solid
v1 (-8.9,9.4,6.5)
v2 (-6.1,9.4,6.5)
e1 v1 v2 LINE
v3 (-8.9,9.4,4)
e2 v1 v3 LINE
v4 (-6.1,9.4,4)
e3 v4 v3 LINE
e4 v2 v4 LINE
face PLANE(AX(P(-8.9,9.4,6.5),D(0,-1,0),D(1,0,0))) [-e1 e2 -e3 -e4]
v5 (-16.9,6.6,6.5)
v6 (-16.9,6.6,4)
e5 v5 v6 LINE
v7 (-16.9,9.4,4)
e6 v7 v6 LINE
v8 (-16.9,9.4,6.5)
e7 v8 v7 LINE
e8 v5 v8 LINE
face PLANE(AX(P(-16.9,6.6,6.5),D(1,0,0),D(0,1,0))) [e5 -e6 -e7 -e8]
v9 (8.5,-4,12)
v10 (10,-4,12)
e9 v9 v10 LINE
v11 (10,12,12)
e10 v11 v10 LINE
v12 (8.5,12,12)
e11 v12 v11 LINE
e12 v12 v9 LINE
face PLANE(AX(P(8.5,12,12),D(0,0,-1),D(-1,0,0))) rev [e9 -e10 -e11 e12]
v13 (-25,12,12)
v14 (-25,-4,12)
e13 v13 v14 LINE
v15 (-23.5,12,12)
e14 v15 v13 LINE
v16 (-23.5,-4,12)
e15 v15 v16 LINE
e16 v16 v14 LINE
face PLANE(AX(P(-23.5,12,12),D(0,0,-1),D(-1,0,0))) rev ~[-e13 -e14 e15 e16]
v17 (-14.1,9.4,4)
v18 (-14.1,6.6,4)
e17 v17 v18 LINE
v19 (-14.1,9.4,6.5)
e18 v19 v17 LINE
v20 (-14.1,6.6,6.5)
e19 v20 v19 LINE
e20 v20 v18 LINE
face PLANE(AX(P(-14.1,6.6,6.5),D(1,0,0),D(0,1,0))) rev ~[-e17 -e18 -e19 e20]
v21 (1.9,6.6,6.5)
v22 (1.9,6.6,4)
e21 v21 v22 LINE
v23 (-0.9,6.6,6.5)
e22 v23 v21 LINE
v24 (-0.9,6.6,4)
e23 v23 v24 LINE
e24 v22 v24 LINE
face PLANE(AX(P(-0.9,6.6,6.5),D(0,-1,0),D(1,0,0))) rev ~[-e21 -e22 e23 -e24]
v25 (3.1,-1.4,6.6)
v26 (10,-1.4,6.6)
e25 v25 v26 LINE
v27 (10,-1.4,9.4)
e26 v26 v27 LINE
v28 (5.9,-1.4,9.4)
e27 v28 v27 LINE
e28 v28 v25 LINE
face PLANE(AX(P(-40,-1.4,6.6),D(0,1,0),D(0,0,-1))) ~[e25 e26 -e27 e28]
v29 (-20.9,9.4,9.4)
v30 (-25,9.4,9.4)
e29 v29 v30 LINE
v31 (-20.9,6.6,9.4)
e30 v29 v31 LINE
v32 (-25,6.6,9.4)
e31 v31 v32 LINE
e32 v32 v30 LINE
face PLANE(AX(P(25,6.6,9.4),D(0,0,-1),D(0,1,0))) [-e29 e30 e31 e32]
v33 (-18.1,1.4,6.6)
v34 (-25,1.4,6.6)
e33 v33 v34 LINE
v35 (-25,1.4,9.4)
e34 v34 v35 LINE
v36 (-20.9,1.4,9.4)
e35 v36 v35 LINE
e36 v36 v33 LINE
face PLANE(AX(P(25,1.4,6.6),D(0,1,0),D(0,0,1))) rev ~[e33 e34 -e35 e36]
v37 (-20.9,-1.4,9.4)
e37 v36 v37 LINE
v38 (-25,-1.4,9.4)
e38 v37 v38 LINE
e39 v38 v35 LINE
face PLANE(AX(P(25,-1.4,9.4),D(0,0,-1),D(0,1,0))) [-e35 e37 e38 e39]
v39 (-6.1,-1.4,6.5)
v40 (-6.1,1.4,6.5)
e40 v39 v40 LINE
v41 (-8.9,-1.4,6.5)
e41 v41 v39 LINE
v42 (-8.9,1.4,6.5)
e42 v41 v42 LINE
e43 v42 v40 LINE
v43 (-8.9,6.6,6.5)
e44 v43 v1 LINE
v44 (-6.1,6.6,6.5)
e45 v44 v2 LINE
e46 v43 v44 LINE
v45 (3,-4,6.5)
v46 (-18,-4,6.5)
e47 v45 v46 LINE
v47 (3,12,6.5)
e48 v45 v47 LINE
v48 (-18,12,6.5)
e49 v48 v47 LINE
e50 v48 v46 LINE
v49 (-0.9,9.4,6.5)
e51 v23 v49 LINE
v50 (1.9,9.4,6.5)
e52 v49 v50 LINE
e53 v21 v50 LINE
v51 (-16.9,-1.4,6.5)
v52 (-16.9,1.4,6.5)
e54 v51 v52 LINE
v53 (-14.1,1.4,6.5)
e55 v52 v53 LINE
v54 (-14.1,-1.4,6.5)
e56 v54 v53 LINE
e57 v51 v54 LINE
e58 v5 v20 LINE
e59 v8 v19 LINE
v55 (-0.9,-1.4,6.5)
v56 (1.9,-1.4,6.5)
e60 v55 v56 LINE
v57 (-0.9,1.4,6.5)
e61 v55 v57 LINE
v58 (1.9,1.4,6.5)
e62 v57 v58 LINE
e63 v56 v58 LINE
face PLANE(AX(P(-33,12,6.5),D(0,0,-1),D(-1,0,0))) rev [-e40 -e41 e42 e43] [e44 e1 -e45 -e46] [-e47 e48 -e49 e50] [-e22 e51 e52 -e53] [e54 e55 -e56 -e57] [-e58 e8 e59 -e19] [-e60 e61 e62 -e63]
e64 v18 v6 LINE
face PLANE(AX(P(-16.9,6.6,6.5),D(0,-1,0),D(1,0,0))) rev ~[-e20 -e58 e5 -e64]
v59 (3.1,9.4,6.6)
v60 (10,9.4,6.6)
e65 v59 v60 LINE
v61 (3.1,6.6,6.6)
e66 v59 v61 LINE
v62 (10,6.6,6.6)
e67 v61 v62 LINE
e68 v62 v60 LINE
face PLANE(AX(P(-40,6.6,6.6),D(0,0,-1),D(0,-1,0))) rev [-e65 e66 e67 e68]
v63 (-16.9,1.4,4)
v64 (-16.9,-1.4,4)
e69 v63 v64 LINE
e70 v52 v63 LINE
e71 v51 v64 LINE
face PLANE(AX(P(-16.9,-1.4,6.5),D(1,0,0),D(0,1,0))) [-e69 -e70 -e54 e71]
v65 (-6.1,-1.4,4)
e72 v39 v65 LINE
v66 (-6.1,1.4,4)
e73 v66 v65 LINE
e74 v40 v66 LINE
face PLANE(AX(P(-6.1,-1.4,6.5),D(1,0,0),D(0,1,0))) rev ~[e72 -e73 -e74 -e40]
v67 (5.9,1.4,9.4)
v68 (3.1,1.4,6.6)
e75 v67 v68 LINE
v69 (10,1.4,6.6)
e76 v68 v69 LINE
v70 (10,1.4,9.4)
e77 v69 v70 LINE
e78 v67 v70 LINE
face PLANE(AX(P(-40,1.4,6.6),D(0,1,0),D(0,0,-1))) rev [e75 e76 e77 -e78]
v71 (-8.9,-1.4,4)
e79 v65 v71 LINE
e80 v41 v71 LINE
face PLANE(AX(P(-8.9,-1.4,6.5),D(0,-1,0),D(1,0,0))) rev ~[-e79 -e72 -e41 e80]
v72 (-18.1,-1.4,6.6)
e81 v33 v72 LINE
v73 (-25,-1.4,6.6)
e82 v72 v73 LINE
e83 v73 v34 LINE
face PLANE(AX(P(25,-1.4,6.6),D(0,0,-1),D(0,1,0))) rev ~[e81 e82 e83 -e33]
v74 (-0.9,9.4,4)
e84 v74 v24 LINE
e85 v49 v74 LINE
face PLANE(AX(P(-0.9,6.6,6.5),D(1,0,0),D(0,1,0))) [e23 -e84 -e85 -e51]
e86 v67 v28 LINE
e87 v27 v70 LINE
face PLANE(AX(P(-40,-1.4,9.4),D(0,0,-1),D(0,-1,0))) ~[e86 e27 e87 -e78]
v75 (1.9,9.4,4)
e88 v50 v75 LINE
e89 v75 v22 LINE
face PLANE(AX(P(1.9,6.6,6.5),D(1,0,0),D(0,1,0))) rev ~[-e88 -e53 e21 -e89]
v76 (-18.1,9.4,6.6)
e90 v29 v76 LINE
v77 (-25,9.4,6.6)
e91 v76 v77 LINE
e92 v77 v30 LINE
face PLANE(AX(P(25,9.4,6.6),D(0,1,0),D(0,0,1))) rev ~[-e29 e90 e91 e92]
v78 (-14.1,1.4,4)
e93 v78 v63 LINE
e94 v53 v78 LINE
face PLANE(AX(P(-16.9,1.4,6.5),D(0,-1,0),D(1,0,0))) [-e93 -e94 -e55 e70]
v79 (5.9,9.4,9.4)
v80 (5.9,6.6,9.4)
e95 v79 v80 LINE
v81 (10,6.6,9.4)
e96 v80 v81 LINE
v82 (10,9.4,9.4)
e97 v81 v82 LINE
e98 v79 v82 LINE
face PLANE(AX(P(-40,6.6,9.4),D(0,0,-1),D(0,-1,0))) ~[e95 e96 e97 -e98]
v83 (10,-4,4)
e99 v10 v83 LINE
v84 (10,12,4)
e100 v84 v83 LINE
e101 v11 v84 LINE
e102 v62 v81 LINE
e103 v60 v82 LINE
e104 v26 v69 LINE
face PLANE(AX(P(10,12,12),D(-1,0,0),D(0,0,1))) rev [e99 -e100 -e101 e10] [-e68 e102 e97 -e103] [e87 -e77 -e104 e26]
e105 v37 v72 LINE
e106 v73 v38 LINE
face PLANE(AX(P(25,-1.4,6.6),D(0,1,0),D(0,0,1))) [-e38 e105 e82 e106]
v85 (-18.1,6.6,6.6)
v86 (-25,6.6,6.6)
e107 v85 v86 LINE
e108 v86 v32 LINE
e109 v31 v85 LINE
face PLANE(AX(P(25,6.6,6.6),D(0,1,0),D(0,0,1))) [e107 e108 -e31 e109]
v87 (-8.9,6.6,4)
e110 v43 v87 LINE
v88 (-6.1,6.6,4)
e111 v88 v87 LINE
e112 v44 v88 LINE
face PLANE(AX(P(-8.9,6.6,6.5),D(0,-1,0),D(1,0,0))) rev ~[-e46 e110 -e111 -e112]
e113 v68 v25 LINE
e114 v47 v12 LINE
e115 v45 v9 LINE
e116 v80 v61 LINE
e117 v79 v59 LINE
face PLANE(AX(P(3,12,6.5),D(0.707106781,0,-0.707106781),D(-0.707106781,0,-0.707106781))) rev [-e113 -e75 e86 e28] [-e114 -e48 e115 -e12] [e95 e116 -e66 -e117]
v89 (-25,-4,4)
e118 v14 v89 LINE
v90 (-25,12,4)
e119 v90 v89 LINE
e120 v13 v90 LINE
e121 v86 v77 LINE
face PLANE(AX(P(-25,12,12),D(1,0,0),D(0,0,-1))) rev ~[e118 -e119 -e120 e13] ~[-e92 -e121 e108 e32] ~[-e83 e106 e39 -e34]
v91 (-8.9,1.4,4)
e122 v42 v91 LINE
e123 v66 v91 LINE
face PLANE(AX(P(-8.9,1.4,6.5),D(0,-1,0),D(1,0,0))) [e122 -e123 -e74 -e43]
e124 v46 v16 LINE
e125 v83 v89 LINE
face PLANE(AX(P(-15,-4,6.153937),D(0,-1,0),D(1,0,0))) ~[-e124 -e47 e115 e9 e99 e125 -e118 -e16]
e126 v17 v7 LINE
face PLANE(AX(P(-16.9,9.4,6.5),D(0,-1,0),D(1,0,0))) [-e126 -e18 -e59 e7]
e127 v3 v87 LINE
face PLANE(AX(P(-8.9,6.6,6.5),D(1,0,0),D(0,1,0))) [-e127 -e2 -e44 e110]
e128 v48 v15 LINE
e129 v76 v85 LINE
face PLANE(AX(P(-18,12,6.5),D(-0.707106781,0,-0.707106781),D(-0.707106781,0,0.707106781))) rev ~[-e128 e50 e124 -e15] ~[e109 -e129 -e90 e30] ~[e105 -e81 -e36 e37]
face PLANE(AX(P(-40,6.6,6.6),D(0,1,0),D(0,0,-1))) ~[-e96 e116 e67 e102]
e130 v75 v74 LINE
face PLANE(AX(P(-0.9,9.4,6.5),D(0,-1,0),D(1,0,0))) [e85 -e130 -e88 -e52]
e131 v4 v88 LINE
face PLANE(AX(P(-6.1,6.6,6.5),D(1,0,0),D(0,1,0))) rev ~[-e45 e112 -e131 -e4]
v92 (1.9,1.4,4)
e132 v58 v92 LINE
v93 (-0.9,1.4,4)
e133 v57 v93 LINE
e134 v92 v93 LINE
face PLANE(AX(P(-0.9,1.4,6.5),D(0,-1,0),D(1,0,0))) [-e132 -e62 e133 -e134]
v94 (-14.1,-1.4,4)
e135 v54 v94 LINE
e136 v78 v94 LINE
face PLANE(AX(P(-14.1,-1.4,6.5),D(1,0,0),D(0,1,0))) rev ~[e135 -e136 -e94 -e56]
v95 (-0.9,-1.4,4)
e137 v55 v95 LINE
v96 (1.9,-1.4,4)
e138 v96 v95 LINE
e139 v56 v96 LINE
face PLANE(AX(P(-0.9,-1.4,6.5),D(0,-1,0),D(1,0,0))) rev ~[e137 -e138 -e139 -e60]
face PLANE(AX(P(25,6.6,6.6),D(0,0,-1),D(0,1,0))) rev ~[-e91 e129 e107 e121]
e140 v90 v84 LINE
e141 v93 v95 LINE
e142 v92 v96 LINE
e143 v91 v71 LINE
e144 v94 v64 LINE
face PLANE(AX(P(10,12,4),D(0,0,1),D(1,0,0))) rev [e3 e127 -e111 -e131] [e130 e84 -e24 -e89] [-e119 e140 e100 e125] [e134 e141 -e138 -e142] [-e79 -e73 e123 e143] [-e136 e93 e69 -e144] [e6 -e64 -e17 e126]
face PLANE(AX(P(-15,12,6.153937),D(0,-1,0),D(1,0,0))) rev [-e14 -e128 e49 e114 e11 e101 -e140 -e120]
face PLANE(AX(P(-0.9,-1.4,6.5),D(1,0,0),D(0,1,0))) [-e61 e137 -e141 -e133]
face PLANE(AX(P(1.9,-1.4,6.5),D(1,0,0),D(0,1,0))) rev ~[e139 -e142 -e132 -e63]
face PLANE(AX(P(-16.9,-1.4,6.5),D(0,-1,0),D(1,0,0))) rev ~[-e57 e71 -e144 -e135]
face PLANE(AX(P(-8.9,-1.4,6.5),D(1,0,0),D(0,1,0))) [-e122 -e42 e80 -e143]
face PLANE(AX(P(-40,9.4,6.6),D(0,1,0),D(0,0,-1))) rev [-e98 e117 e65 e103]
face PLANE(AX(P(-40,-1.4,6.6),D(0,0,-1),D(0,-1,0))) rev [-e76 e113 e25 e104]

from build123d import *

# Parameters (mm, degrees)
RESSALTO_EXTRUS_O1_DEPTH  = 16
ESBO_O2_W                 = 2.8
ESBO_O2_H                 = 2.8
CORTE_EXTRUS_O1_DEPTH     = 54.103672189
ESBO_O4_W                 = 2.8
ESBO_O4_H                 = 2.8
CORTE_EXTRUS_O2_DEPTH     = 31.186917696
CORPO_MOVER_COPIAR1_ANGLE = 90
ESBO_O6_W                 = 32.5
ESBO_O6_H                 = 16
CORTE_EXTRUS_O3_DEPTH     = 29.861739379
ESBO_O7_W                 = 25.221413321
ESBO_O7_H                 = 12.57615678
RESSALTO_EXTRUS_O2_DEPTH  = 2.5
ESBO_O8_W                 = 2.8
ESBO_O8_H                 = 2.8
CORTE_EXTRUS_O4_DEPTH     = 29.271009886


with BuildPart() as part:
    # Esboço1 → Ressalto-extrusão1 (new body)
    with BuildSketch(Plane.XY):
        Polygon((-25, 0), (25, 0), (25, 8), (23.5, 8), (18, 2.5), (-18, 2.5), (-23.5, 8), (-25, 8), align=None)
    extrude(amount=RESSALTO_EXTRUS_O1_DEPTH)

    # Esboço2 → Corte-extrusão1 (cut, through all)
    with BuildSketch(Plane(origin=(25, 0, 0), x_dir=(0, 0, -1), z_dir=(1, 0, 0))):
        with Locations((-4, 4)):
            Rectangle(ESBO_O2_W, ESBO_O2_H)
        with Locations((-12, 4)):
            Rectangle(ESBO_O2_W, ESBO_O2_H)
    extrude(amount=-CORTE_EXTRUS_O1_DEPTH, mode=Mode.SUBTRACT)

    # Esboço4 → Corte-extrusão2 (cut, through all)
    with BuildSketch(Plane(origin=(0, 2.5, 0), x_dir=(1, 0, 0), z_dir=(0, 1, 0))):
        with Locations((-16, -4)):
            Rectangle(ESBO_O4_W, ESBO_O4_H)
        with Locations((-8, -4)):
            Rectangle(ESBO_O4_W, ESBO_O4_H)
        with Locations((0, -4)):
            Rectangle(ESBO_O4_W, ESBO_O4_H)
        with Locations((8, -4)):
            Rectangle(ESBO_O4_W, ESBO_O4_H)
        with Locations((16, -4)):
            Rectangle(ESBO_O4_W, ESBO_O4_H)
        with Locations((-8, -12)):
            Rectangle(ESBO_O4_W, ESBO_O4_H)
        with Locations((0, -12)):
            Rectangle(ESBO_O4_W, ESBO_O4_H)
        with Locations((8, -12)):
            Rectangle(ESBO_O4_W, ESBO_O4_H)
        with Locations((16, -12)):
            Rectangle(ESBO_O4_W, ESBO_O4_H)
        with Locations((-16, -12)):
            Rectangle(ESBO_O4_W, ESBO_O4_H)
    extrude(amount=-CORTE_EXTRUS_O2_DEPTH, mode=Mode.SUBTRACT)


with BuildPart() as part_1:
    # Corpo-Mover/Copiar1: moved
    add(part.part.rotate(Axis((0, 4, 8), (1, 0, 0)), CORPO_MOVER_COPIAR1_ANGLE))

    # Esboço6 → Corte-extrusão3 (cut, through all)
    with BuildSketch(Plane(origin=(0, 0, 4), x_dir=(-1, 0, 0), z_dir=(0, 0, -1))):
        with Locations((-8.75, 4)):
            Rectangle(ESBO_O6_W, ESBO_O6_H)
    extrude(amount=-CORTE_EXTRUS_O3_DEPTH, mode=Mode.SUBTRACT)

    # Espelhar3: part across plane


with BuildPart() as part_2:
    add(part_1.part)
    add(part_1.part.mirror(Plane(origin=(-7.5, -4, 12), x_dir=(0, 0, 1), z_dir=(-1, 0, 0))))

    # Esboço7 → Ressalto-extrusão2 (add, through all)
    with BuildSketch(Plane.XY.offset(6.5)):
        with Locations((-4.971284079, 3.626460754)):
            Rectangle(ESBO_O7_W, ESBO_O7_H)
    extrude(amount=-RESSALTO_EXTRUS_O2_DEPTH)

    # Esboço8 → Corte-extrusão4 (cut, through all)
    with BuildSketch(Plane.XY.offset(6.5)):
        with Locations((-7.5, 8)):
            Rectangle(ESBO_O8_W, ESBO_O8_H)
        with Locations((-15.5, 8)):
            Rectangle(ESBO_O8_W, ESBO_O8_H)
        with Locations((0.5, 8)):
            Rectangle(ESBO_O8_W, ESBO_O8_H)
        with Locations((-7.5, 0)):
            Rectangle(ESBO_O8_W, ESBO_O8_H)
        with Locations((0.5, 0)):
            Rectangle(ESBO_O8_W, ESBO_O8_H)
        with Locations((-15.5, 0)):
            Rectangle(ESBO_O8_W, ESBO_O8_H)
    extrude(amount=-CORTE_EXTRUS_O4_DEPTH, mode=Mode.SUBTRACT)


solid = part_2.part
